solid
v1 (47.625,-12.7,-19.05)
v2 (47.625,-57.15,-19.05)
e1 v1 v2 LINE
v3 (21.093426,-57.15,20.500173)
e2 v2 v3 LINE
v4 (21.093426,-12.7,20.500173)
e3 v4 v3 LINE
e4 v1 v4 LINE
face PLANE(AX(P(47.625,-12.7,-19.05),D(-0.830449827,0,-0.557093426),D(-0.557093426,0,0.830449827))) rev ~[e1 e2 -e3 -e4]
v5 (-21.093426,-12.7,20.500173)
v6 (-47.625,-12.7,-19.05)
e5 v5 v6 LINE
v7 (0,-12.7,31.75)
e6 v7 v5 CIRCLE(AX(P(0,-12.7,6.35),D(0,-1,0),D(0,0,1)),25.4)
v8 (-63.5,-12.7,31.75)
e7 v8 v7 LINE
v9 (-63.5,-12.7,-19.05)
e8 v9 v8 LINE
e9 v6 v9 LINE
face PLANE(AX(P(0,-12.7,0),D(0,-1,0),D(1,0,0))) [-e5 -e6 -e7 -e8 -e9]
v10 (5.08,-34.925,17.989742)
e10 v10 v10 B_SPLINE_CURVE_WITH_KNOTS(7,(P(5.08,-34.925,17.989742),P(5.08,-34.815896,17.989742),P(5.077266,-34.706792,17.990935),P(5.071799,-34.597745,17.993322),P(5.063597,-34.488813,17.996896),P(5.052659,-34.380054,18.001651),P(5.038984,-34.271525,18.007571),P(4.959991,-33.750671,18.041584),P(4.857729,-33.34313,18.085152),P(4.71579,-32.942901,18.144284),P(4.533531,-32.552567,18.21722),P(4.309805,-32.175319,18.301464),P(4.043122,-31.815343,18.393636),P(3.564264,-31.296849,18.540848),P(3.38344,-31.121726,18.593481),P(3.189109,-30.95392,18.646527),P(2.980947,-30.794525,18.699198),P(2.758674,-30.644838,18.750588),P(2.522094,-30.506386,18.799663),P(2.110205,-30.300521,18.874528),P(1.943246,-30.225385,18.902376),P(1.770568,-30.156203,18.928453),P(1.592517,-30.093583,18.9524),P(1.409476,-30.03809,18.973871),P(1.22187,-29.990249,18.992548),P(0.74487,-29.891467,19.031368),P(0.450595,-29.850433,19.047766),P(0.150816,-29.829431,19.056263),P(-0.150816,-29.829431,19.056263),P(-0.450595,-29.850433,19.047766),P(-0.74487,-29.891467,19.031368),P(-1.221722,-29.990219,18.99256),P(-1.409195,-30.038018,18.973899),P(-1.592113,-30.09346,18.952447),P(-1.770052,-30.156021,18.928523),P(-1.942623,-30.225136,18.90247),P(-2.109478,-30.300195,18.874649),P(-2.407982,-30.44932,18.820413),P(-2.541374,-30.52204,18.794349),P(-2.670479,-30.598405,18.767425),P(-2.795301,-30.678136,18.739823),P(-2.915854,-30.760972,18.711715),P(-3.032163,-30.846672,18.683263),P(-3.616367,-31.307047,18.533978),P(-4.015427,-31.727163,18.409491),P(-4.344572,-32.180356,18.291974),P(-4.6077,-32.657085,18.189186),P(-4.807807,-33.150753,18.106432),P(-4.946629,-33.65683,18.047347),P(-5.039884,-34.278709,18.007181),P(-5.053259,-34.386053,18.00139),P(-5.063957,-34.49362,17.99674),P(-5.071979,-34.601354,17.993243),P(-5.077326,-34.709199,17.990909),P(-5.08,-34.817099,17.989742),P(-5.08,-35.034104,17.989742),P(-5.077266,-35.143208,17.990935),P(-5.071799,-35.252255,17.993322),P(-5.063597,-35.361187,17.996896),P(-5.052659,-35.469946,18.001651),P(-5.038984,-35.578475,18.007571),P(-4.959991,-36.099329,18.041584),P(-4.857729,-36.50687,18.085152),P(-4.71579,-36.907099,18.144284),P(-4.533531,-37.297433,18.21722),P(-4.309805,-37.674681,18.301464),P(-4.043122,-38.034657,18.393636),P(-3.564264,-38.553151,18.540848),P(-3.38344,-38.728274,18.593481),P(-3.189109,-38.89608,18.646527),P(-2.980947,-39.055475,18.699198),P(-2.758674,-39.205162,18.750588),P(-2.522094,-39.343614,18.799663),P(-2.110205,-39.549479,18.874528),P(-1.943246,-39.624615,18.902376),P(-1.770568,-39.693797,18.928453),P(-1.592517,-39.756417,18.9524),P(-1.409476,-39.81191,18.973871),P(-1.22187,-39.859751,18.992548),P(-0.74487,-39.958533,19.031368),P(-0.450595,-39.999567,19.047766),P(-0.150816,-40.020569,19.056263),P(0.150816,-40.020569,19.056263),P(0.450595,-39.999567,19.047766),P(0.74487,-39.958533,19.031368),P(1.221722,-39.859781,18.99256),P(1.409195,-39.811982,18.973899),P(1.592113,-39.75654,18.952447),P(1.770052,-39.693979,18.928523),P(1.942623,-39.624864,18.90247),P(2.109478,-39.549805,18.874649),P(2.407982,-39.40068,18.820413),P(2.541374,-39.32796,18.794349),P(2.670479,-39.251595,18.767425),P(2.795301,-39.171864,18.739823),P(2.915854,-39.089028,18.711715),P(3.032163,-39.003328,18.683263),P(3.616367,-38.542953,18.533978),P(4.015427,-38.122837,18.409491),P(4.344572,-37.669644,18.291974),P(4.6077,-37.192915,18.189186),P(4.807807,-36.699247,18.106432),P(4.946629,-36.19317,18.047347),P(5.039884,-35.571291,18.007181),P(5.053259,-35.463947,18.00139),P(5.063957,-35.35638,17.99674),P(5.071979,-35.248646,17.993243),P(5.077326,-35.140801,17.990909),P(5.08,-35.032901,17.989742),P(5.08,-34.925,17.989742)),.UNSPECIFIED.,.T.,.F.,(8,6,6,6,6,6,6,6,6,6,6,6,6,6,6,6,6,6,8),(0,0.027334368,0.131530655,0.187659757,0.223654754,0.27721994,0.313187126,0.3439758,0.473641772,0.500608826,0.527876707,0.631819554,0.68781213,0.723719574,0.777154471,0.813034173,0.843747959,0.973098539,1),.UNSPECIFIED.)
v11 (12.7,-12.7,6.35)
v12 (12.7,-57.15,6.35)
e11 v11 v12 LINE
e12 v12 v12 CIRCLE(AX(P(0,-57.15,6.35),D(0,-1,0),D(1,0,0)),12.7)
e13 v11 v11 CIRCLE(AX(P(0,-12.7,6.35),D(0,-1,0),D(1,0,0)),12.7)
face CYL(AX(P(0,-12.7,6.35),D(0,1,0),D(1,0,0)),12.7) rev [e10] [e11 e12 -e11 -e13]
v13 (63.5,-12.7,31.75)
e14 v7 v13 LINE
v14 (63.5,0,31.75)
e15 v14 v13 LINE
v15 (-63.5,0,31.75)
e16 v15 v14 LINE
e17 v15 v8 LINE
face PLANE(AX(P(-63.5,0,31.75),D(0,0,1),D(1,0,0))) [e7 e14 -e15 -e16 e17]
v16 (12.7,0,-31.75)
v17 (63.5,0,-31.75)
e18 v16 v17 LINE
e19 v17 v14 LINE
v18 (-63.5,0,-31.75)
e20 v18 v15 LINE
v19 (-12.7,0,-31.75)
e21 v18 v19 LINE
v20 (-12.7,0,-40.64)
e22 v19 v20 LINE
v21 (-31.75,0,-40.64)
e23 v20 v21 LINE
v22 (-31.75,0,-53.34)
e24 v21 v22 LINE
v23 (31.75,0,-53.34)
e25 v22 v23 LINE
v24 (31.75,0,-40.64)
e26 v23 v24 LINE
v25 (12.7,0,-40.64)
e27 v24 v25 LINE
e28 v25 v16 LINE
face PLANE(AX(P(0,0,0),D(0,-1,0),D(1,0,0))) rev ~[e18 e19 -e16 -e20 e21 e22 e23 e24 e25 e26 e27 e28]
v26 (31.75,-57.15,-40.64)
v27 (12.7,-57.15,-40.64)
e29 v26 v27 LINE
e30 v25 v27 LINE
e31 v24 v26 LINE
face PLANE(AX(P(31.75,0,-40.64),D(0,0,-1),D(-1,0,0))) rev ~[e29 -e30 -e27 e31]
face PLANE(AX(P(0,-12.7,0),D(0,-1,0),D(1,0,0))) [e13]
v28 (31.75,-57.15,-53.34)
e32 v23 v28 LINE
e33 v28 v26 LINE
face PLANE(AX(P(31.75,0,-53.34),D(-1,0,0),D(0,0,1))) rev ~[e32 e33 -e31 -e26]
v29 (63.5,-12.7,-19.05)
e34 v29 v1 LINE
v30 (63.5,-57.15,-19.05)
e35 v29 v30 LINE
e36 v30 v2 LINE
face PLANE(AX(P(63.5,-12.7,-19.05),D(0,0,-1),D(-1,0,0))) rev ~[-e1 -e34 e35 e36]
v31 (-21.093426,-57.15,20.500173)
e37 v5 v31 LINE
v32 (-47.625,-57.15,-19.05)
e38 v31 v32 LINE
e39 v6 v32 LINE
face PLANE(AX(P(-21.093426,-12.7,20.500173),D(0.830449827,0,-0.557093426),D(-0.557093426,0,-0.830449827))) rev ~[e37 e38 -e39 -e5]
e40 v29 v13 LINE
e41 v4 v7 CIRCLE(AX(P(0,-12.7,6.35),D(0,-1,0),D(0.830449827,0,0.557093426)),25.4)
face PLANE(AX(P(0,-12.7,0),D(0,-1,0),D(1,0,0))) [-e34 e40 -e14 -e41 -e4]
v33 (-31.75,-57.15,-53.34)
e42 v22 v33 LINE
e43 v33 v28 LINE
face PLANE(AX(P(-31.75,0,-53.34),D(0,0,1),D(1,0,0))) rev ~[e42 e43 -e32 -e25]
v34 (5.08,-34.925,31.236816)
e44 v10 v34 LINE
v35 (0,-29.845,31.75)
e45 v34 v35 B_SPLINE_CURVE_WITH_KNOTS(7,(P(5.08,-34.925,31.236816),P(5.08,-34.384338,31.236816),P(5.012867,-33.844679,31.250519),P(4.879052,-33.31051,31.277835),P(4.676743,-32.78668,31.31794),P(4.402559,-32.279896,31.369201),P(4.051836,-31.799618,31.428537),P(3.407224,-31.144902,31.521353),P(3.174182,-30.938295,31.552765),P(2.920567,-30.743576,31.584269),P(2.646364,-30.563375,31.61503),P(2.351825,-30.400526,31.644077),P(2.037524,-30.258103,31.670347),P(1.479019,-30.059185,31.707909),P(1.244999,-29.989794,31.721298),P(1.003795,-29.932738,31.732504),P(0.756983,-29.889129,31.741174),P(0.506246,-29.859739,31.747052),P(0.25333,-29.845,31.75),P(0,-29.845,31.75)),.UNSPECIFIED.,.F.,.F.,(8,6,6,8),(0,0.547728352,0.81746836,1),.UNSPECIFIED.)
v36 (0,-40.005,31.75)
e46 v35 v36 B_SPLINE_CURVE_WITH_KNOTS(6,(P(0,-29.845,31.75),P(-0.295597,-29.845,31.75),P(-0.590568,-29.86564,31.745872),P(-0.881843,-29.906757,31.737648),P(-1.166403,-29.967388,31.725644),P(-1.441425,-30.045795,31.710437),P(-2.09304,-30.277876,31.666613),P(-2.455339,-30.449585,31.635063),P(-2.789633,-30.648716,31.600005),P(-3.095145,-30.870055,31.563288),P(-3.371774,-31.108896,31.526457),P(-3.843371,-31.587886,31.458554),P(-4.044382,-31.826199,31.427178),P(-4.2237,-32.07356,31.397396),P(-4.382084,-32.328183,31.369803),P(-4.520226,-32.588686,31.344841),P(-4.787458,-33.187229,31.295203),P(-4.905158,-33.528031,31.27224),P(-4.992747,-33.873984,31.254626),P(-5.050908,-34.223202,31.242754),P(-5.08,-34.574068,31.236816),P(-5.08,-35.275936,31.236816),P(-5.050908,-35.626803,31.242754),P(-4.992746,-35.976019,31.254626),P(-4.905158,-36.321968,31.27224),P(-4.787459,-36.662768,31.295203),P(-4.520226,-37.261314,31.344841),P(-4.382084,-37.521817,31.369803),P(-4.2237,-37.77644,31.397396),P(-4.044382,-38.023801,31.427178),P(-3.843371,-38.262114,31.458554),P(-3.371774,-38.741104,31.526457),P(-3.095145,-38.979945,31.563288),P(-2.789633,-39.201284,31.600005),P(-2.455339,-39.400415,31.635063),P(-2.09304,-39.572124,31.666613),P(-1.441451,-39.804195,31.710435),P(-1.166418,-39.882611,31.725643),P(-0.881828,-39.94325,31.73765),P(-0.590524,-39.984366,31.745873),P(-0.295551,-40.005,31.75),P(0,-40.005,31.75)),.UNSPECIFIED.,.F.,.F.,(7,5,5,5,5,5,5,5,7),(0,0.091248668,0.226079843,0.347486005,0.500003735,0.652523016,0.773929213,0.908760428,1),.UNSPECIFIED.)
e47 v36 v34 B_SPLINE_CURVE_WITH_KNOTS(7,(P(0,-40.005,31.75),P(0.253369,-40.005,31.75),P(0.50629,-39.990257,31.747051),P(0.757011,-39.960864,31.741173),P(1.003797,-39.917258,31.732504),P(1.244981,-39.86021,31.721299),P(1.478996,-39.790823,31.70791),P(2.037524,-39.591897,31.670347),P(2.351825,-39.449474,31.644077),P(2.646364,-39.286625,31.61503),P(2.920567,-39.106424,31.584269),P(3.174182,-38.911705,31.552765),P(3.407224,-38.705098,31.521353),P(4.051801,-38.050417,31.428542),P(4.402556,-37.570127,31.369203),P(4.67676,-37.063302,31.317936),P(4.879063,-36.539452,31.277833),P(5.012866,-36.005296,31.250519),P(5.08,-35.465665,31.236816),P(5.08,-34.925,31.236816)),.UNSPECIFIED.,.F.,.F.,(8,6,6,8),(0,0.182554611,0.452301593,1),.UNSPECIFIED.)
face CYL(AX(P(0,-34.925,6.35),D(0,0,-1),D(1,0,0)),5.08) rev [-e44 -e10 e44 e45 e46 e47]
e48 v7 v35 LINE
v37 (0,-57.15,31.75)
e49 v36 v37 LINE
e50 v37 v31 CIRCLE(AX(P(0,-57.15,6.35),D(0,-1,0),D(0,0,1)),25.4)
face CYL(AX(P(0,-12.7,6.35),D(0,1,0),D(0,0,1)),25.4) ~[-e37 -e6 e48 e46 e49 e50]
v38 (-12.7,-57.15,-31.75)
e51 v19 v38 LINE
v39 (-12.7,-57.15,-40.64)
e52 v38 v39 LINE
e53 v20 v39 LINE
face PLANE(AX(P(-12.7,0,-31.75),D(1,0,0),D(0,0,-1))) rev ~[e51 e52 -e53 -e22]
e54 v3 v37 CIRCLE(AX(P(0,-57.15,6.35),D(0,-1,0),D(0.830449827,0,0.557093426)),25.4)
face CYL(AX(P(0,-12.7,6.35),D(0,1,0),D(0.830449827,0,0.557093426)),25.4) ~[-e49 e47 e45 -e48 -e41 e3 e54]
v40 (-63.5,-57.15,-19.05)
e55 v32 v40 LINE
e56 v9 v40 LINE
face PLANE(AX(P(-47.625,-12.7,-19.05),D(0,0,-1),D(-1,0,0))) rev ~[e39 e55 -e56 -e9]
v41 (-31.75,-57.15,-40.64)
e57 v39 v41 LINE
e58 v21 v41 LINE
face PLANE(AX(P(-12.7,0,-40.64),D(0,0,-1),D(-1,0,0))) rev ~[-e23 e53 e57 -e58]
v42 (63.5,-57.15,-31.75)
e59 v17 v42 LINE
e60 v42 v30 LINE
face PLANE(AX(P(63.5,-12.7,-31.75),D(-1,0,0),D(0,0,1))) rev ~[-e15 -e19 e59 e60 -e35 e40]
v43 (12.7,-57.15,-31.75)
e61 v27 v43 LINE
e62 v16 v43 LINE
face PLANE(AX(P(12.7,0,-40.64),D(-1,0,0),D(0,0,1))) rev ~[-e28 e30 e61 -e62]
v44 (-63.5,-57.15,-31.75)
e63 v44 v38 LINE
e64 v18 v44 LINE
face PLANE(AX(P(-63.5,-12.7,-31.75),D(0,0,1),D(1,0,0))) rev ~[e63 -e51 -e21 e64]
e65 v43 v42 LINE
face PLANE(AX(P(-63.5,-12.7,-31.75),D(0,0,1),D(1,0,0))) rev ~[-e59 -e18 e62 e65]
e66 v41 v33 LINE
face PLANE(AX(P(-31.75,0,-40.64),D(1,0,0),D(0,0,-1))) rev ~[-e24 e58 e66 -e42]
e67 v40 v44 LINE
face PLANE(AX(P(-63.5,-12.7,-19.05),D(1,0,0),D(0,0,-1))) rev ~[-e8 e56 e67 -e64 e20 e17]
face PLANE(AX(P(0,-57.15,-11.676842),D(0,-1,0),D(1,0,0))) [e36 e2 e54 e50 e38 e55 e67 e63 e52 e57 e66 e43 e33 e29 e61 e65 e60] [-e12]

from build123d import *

# Parameters (mm, degrees)
F0_W     = 127
F0_H     = 63.5
F1_DEPTH = 12.7
F2_R     = 12.7
F3_DEPTH = 44.45
F5_DEPTH = 57.15
F7_R     = 5.08
F8_DEPTH = 25.4


with BuildPart() as f1:
    # F0 (on Front) → F1 (new body)
    with BuildSketch(Plane.XZ):
        Rectangle(F0_W, F0_H)
    extrude(amount=F1_DEPTH)

    # F2 (on face) → F3 (join)
    with BuildSketch(Plane.XZ.offset(12.7)):
        with BuildLine():
            Line((-63.5, -19.05), (-63.5, -31.75))
            Line((-63.5, -31.75), (63.5, -31.75))
            Line((63.5, -31.75), (63.5, -19.05))
            Line((63.5, -19.05), (47.625, -19.05))
            Line((47.625, -19.05), (21.0934256055, 20.5001730104))
            ThreePointArc((21.0934256055, 20.5001730104), (11.9529411765, 28.7617647059), (0, 31.75))
            ThreePointArc((0, 31.75), (-11.9529411765, 28.7617647059), (-21.0934256055, 20.5001730104))
            Line((-21.0934256055, 20.5001730104), (-47.625, -19.05))
            Line((-47.625, -19.05), (-63.5, -19.05))
        make_face()
        with Locations((0, 6.35)):
            Circle(F2_R, mode=Mode.SUBTRACT)
    extrude(amount=F3_DEPTH)

    # F4 (on Front) → F5 (join)
    with BuildSketch(Plane.XZ):
        Polygon((12.7, -31.75), (-12.7, -31.75), (-12.7, -40.64), (-31.75, -40.64), (-31.75, -53.34), (31.75, -53.34), (31.75, -40.64), (12.7, -40.64), align=None)
    extrude(amount=F5_DEPTH)

    # F7 (on offset) → F8 (cut)
    with BuildSketch(Plane.XY.offset(6.35)):
        with Locations((0, -34.925)):
            Circle(F7_R)
    extrude(amount=F8_DEPTH, mode=Mode.SUBTRACT)


solid = f1.part
